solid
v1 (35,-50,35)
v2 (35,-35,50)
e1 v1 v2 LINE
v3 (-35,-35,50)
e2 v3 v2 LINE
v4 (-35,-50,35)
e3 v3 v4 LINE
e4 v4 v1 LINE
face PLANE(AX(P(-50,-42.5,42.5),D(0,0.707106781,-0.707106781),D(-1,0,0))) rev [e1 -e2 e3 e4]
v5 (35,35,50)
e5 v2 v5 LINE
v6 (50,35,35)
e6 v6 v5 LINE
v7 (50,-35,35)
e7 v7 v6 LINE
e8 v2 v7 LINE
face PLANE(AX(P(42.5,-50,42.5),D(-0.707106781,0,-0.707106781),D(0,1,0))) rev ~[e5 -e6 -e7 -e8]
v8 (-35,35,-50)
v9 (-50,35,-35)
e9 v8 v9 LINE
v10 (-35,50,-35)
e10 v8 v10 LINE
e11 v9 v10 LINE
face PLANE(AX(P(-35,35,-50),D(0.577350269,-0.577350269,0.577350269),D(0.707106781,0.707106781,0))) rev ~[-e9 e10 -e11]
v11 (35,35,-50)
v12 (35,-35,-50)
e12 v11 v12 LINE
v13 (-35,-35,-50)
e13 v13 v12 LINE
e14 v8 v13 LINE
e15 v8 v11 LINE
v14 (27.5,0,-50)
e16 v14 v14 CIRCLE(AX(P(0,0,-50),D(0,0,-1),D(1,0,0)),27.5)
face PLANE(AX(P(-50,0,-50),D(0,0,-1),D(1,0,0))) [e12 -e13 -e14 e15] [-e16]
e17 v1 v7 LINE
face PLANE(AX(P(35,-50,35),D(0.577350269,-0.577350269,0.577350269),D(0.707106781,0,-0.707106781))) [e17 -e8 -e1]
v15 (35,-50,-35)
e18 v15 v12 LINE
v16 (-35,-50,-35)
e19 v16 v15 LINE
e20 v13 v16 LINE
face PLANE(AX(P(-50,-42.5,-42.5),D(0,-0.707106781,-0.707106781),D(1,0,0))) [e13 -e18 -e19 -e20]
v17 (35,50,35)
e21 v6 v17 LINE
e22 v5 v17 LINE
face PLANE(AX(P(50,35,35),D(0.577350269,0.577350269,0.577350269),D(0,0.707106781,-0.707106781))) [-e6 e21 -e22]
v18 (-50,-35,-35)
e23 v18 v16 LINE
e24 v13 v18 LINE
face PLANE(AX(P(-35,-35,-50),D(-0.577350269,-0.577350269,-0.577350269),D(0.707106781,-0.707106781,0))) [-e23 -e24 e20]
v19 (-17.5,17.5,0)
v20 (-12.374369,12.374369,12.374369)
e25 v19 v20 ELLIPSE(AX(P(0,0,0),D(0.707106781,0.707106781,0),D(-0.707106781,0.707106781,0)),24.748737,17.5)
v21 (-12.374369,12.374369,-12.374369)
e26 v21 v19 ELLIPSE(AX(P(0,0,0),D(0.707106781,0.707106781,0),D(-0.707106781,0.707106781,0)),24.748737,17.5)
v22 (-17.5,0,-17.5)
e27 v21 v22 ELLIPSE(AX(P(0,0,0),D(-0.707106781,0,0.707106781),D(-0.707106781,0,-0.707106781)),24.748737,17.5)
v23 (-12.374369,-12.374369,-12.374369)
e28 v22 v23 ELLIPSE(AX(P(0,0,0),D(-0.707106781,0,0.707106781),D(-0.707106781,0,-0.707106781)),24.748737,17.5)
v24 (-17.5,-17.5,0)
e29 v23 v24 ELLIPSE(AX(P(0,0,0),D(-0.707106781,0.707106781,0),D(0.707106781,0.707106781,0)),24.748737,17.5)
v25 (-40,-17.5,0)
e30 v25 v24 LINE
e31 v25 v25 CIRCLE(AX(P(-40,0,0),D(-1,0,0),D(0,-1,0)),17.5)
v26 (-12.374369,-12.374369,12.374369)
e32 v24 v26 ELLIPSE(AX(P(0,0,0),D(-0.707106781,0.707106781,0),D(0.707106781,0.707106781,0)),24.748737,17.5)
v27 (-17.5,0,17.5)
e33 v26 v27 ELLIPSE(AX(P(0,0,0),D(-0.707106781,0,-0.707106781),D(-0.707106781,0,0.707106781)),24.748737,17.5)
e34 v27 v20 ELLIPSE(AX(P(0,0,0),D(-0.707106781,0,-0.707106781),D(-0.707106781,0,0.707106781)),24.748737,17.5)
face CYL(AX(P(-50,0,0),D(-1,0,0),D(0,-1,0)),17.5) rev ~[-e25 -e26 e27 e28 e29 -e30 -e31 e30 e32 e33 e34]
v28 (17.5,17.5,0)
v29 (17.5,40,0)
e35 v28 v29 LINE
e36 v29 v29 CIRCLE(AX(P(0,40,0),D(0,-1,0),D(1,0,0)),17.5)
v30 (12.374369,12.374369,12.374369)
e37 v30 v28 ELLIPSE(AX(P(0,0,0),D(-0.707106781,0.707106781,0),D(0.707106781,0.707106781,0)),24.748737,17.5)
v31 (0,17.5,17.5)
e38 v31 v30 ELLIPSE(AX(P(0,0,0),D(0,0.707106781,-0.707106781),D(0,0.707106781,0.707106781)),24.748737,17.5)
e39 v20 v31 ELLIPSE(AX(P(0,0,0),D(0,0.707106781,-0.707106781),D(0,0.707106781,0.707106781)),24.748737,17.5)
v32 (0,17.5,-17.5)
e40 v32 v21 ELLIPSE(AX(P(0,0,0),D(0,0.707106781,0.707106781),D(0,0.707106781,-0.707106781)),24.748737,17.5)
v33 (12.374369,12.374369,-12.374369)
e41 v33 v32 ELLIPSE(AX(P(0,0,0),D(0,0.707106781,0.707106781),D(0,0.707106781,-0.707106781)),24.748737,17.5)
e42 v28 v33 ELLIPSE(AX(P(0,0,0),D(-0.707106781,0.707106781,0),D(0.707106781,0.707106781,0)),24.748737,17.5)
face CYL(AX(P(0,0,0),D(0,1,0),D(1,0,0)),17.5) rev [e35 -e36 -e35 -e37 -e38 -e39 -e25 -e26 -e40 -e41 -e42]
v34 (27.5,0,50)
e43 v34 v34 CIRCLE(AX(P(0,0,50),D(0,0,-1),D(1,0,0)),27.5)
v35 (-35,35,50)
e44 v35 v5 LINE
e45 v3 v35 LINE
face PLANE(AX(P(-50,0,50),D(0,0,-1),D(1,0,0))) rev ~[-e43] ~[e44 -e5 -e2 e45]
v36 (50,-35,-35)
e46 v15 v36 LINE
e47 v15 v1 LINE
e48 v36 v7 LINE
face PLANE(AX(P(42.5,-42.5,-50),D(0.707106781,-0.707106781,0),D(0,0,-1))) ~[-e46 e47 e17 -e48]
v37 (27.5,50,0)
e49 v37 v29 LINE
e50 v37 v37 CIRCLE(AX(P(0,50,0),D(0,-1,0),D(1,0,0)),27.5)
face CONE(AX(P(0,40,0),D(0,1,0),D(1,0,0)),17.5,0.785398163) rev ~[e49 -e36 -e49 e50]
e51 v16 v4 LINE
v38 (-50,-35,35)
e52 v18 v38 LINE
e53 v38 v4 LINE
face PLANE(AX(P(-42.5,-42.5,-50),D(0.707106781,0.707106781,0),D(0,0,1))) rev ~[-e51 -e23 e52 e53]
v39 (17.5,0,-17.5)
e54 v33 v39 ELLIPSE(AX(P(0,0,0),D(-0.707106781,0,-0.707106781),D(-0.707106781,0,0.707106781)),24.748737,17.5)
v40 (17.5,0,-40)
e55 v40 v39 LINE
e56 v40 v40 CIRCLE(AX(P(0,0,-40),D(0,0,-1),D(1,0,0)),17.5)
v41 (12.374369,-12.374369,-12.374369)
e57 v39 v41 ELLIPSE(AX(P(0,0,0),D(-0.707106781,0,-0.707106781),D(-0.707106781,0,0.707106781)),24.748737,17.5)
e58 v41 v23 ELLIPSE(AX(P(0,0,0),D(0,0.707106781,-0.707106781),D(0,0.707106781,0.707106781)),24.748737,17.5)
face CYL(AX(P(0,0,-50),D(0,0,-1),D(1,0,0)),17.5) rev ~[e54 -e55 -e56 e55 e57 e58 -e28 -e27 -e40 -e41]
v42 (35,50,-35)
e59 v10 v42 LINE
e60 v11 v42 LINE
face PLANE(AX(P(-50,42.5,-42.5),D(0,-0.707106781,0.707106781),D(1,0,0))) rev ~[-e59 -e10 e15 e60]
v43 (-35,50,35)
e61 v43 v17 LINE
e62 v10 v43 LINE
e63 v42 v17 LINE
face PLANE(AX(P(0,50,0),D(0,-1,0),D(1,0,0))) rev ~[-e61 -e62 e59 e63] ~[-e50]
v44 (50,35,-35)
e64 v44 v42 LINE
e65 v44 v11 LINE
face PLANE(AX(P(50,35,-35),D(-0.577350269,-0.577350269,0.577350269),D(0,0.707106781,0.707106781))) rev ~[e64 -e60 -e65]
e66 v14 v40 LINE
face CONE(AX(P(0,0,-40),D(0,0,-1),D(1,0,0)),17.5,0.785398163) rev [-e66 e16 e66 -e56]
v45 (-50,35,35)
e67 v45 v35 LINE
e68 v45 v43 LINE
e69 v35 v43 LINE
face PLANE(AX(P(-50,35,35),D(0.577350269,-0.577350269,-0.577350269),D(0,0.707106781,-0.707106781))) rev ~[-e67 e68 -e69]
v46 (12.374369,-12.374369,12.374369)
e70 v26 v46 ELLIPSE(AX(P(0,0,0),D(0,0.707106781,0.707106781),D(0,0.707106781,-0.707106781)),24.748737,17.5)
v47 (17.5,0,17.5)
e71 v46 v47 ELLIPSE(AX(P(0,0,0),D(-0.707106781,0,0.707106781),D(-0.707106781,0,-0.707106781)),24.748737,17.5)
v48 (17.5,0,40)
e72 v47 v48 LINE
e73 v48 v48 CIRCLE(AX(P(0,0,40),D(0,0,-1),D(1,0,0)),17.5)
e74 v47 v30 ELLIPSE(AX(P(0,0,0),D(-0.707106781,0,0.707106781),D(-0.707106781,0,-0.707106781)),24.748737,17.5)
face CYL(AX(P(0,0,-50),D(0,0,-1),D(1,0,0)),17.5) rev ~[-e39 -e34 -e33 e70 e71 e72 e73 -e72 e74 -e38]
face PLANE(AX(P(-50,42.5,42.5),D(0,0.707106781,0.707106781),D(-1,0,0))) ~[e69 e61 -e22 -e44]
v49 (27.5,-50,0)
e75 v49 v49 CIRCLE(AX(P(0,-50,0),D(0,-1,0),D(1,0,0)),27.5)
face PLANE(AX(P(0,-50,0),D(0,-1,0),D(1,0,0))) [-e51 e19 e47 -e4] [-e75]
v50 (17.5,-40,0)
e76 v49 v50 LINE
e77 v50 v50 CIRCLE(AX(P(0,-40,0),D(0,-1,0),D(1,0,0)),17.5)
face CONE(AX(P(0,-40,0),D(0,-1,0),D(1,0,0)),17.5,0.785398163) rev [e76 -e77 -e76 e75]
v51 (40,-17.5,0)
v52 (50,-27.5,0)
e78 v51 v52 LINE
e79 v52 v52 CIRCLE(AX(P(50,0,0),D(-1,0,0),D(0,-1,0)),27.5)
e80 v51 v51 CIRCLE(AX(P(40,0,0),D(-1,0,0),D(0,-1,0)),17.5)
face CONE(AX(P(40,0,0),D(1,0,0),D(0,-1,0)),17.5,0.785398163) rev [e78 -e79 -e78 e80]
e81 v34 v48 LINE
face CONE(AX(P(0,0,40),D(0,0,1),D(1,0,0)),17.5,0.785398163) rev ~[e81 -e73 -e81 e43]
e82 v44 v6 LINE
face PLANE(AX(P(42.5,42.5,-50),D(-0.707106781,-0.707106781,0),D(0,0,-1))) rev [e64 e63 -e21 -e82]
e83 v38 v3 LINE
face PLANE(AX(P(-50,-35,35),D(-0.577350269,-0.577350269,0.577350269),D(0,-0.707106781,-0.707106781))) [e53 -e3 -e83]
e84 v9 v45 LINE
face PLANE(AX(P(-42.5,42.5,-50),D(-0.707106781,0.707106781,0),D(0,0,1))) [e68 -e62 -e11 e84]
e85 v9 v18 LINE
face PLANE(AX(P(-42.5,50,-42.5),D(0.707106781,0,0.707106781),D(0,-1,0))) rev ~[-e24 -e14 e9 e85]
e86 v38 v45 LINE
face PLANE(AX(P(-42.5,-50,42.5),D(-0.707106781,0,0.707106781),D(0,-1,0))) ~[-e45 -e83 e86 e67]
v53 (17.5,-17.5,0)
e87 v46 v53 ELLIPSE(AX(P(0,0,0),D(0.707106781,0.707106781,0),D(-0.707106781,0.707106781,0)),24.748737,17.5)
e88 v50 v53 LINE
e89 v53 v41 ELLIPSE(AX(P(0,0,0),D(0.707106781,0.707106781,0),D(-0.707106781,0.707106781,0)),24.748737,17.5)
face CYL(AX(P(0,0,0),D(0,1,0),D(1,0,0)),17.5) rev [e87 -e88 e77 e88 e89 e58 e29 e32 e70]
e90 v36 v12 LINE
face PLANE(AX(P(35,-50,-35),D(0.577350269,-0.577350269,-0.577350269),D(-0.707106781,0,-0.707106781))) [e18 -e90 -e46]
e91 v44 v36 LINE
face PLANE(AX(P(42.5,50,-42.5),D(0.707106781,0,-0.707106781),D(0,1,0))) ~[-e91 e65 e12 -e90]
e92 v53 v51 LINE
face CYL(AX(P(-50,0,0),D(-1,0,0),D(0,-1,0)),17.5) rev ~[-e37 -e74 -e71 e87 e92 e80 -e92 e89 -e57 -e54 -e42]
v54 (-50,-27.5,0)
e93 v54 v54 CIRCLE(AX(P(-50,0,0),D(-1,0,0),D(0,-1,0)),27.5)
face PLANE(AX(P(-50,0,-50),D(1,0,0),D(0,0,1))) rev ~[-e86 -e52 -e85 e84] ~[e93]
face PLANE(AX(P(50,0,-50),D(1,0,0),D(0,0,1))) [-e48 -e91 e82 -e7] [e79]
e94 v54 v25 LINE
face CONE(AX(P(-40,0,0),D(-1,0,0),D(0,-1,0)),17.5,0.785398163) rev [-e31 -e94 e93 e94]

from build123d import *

# Parameters (mm, degrees)
F0_W     = 100
F0_H     = 100
F0_R     = 17.5
F1_DEPTH = 50
F2_R     = 17.5
F3_DEPTH = 100
F4_R     = 17.5
F5_DEPTH = 100
F6_SIZE  = 15
F7_SIZE  = 10


with BuildPart() as f1:
    # F0 (on Front) → F1 (new body, symmetric)
    with BuildSketch(Plane.XZ):
        Rectangle(F0_W, F0_H)
        Circle(F0_R, mode=Mode.SUBTRACT)
    extrude(amount=F1_DEPTH, both=True)

    # F2 (on face) → F3 (cut, through all)
    with BuildSketch(Plane(origin=(-50, 0, 0), x_dir=(0, -1, 0), z_dir=(-1, 0, 0))):
        Circle(F2_R)
    extrude(amount=-F3_DEPTH, mode=Mode.SUBTRACT)

    # F4 (on face) → F5 (cut, through all)
    with BuildSketch(Plane(origin=(0, 0, -50), x_dir=(1, 0, 0), z_dir=(0, 0, -1))):
        Circle(F4_R)
    extrude(amount=-F5_DEPTH, mode=Mode.SUBTRACT)

    # F6
    f6_edges = [f1.edges().sort_by_distance(p)[0] for p in [
        (0, 50, 50),
        (50, 0, 50),
        (0, -50, 50),
        (-50, 0, 50),
        (-50, 50, 0),
        (-50, -50, 0),
        (-50, 0, -50),
        (0, 50, -50),
        (50, 0, -50),
        (50, -50, 0),
        (0, -50, -50),
        (50, 50, 0),
    ]]
    chamfer(f6_edges, length=F6_SIZE)

    # F7
    f7_edges = [f1.edges().sort_by_distance(p)[0] for p in [
        (50, 17.5, 0),
        (-17.5, 50, 0),
        (-17.5, 0, -50),
        (-17.5, -50, 0),
        (-50, 17.5, 0),
        (-17.5, 0, 50),
    ]]
    chamfer(f7_edges, length=F7_SIZE)


solid = f1.part
